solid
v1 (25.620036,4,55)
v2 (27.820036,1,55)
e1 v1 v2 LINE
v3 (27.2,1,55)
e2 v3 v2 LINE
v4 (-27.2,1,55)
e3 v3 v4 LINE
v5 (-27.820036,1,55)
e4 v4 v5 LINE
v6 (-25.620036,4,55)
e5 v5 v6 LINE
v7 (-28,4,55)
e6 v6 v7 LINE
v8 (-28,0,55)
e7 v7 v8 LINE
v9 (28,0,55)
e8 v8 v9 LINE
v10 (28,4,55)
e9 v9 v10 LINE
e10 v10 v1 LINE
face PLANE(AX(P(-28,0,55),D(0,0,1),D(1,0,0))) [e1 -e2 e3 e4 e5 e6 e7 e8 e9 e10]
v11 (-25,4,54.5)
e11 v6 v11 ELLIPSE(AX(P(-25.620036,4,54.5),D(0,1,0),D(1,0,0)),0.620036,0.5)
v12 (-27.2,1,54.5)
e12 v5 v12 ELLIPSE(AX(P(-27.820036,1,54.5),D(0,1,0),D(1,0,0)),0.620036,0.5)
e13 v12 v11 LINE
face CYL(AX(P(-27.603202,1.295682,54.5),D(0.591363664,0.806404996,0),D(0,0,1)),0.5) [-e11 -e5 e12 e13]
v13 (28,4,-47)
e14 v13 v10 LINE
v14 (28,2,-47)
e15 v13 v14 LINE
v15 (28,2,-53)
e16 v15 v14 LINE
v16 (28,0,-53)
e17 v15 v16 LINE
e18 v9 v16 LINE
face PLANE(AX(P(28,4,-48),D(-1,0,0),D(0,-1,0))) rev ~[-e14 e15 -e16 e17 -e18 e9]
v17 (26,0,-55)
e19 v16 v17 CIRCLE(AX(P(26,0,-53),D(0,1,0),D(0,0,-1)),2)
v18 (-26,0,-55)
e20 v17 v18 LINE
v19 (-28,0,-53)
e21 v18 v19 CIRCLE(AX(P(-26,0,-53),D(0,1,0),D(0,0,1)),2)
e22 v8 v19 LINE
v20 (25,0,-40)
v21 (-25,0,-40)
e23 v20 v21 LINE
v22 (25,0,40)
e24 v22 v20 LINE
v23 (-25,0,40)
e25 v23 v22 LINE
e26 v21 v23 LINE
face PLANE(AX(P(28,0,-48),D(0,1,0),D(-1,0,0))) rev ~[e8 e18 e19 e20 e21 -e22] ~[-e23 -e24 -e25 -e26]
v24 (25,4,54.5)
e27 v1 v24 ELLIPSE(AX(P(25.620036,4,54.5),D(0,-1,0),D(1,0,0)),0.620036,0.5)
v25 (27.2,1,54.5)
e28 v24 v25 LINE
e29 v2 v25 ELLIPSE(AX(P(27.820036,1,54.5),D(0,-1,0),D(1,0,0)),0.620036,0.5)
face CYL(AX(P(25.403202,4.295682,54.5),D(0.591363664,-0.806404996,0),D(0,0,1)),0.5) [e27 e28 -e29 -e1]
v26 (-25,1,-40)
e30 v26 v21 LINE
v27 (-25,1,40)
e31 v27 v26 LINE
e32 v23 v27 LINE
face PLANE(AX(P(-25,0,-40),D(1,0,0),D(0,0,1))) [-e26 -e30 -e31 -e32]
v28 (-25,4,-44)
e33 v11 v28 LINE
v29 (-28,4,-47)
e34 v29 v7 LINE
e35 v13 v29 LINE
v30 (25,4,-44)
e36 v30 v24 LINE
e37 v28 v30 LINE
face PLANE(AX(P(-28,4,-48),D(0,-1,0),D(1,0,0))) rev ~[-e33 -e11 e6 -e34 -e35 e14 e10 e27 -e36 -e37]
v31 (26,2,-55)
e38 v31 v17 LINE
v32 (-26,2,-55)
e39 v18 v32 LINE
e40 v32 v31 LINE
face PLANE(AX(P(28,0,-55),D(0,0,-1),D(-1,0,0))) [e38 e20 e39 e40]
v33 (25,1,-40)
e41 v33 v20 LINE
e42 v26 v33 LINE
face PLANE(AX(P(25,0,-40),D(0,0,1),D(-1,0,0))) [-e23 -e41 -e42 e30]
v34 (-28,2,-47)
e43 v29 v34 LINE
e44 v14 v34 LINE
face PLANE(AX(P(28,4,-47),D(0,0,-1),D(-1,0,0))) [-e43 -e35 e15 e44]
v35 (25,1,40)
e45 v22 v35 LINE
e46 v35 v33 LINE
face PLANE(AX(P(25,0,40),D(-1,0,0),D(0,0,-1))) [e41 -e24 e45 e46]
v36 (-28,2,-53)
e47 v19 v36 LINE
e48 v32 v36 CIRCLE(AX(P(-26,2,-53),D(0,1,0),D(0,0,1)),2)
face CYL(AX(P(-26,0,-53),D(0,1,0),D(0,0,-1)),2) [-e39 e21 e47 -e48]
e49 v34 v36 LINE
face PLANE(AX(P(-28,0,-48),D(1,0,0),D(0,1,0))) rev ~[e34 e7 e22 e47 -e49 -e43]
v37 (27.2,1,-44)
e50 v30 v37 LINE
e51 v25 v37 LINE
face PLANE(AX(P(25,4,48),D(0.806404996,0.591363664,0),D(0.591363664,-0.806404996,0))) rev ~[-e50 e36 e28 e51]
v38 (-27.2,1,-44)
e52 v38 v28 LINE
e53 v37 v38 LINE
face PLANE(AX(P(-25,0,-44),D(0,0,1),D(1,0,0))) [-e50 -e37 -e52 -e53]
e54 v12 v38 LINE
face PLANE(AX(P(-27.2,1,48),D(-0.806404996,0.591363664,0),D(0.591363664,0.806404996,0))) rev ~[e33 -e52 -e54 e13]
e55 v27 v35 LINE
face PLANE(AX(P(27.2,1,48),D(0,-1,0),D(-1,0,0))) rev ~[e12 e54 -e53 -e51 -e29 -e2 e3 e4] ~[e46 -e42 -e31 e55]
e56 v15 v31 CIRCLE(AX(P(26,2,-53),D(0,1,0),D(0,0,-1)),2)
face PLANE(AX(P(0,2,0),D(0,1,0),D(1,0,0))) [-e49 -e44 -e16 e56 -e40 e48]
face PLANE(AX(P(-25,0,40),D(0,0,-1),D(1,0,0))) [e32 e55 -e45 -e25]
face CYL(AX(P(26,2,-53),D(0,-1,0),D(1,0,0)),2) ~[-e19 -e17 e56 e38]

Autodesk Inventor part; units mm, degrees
ref_plane "YZ Plane" through (0, 0, 0) normal (1, 0, 0) x (0, 1, 0)
ref_plane "XZ Plane" through (0, 0, 0) normal (0, 1, 0) x (-1, 0, 0)
ref_plane "XY Plane" through (0, 0, 0) normal (0, 0, 1) x (1, 0, 0)
sketch "Эскиз1" plane through (0, 0, 0) normal (0, 1, 0) x (-1, 0, 0)
  line L0 (-25, -40) -> (25, -40)
  line L1 (25, -40) -> (25, 40)
  line L2 (25, 40) -> (-25, 40)
  line L3 (-25, 40) -> (-25, -40)
  line L4 (-25, -40) -> (25, 40) construction
  line L5 (25, -40) -> (-25, 40) construction
  line L6 (28, 43) -> (28, -43)
  line L7 (28, -43) -> (-28, -43)
  line L8 (-28, -43) -> (-28, 43)
  line L9 (-28, 43) -> (28, 43)
  line L10 (28, 43) -> (25, 43)
  line L11 (25, 43) -> (25, -43)
  line L12 (25, -43) -> (28, -43)
  line L13 (28, -43) -> (28, 43)
  line L14 (-28, 43) -> (-25, 43)
  line L15 (-25, 43) -> (-25, -43)
  line L16 (-25, -43) -> (-28, -43)
  line L17 (-28, -43) -> (-28, 43)
  point P0 (0, 0)
  point P1 (-25, 43)
  dimension "d0" = 50
  dimension "d1" = 80
  dimension "d2" = 3
extrude "Выдавливание1" add sketch "Эскиз1" along normal blind 1 contours L15 L7 L8 L9 L3 | L0 L11 L7 L15 | L1 L11 L9 L6 L7 | L15 L9 L11 L2
extrude "Выдавливание2" add sketch "Эскиз1" along normal blind 4 contours L15 L7 L8 L9 L3 | L0 L11 L7 L15 | L1 L11 L9 L6 L7
sketch "Эскиз2" plane through (-28, 0, 43) normal (0, 0, 1) x (1, 0, 0)
  line L0 (0, 0) -> (0, 4) projected
  line L1 (0, 1) -> (56, 1)
  line L2 (56, 0) -> (56, 4) projected
  line L3 (3, 0) -> (3, 4) projected
  line L4 (3, 4) -> (0.8, 1)
  line L5 (28, 0) -> (28, 4)
  line L6 (53, 4) -> (55.2, 1)
  line L7 (53, 0) -> (53, 4) projected
  line L8 (53, 4) -> (53, 1)
  point P0 (55.2, 1)
  point P1 (3, 1)
  dimension "d7" = 0.8
extrude "Выдавливание3" cut sketch "Эскиз2" against normal up to surface (83 mm away)
sketch "Эскиз3" plane through (-25, 0, -40) normal (0, 0, 1) x (1, 0, 0)
  line L0 (0, 0) -> (50, 0) projected
  line L1 (50, 0) -> (50, 1) projected
  line L2 (52.2, 1) -> (50, 1) projected
  line L3 (50, 4) -> (52.2, 1) projected
  line L4 (0, 4) -> (50, 4) projected
  line L5 (-2.2, 1) -> (0, 4) projected
  line L6 (0, 1) -> (-2.2, 1) projected
  line L7 (0, 0) -> (0, 1) projected
  line L8 (-2.2, 1) -> (52.2, 1) projected
  point P0 (25, 0)
extrude "Выдавливание4" cut sketch "Эскиз3" against normal blind 1 contours L6 L5 L4 L3 L2 L8
sketch "Эскиз4" plane through (28, 0, -43) normal (0, 0, -1) x (-1, 0, 0)
  line L0 (0, 0) -> (56, 0) projected
  line L1 (56, 0) -> (56, 4) projected
  line L2 (0, 4) -> (56, 4) projected
  line L3 (0, 0) -> (0, 4) projected
  point P0 (28, 0)
extrude "Выдавливание5" add sketch "Эскиз4" along normal blind 5
sketch "Эскиз5" plane through (-28, 0, 43) normal (0, 0, 1) x (1, 0, 0)
  line L0 (0.8, 1) -> (55.2, 1) projected
  line L1 (0.8, 1) -> (3, 4) projected
  line L2 (0, 4) -> (3, 4) projected
  line L3 (0, 0) -> (0, 4) projected
  line L4 (0, 0) -> (56, 0) projected
  line L5 (56, 0) -> (56, 4) projected
  line L6 (53, 4) -> (56, 4) projected
  line L7 (53, 4) -> (55.2, 1) projected
  point P0 (28, 0)
extrude "Выдавливание6" add sketch "Эскиз5" along normal blind 5
sketch "Эскиз6" plane through (-25, 0, -41) normal (0, 0, 1) x (1, 0, 0)
  line L0 (0, 4) -> (50, 4) projected
  line L1 (-2.2, 1) -> (0, 4) projected
  line L2 (52.2, 1) -> (-2.2, 1) projected
  line L3 (50, 4) -> (52.2, 1) projected
  point P0 (25, 0)
extrude "Выдавливание7" cut sketch "Эскиз6" against normal blind 3
sketch "Эскиз7" plane through (-28, 0, 48) normal (0, 0, 1) x (1, 0, 0)
  line L0 (56, 0) -> (56, 4) projected
  line L1 (56, 4) -> (53, 4) projected
  line L2 (53, 4) -> (55.2, 1) projected
  line L3 (55.2, 1) -> (0.8, 1) projected
  line L4 (0.8, 1) -> (3, 4) projected
  line L5 (3, 4) -> (0, 4) projected
  line L6 (0, 4) -> (0, 0) projected
  line L7 (0, 0) -> (56, 0) projected
  point P0 (28, 0)
extrude "Выдавливание8" add sketch "Эскиз7" along normal blind 7
sketch "Эскиз8" plane through (28, 0, -48) normal (0, 0, -1) x (-1, 0, 0)
  line L0 (0, 0) -> (56, 0) projected
  line L1 (56, 0) -> (56, 4) projected
  line L2 (56, 4) -> (0, 4) projected
  line L3 (0, 4) -> (0, 0) projected
  point P0 (28, 0)
extrude "Выдавливание9" add sketch "Эскиз8" along normal blind 7
sketch "Эскиз9" plane through (0, 4, 0) normal (0, 1, 0) x (1, 0, 0)
  line L0 (-28, -55) -> (-28, 55) projected
  line L1 (28, 55) -> (28, -55) projected
  line L2 (-28, 55) -> (28, 55)
  line L3 (28, 55) -> (28, 44)
  line L4 (28, 44) -> (-28, 44)
  line L5 (-28, 44) -> (-28, 55)
  line L6 (-28, 44) -> (28, 44)
  line L7 (28, 44) -> (28, 47)
  line L8 (28, 47) -> (-28, 47)
  line L9 (-28, 47) -> (-28, 44)
  point P0 (0, 0)
  point P1 (25, 44)
  dimension "d23" = 56
  dimension "d24" = 3
extrude "Выдавливание10" cut sketch "Эскиз9" against normal blind 2 contours L0 L2 L1 L8
fillet "Сопряжение2" radius 2 2 edges at (28, 1, -55) (-28, 1, -55)
fillet "Сопряжение3" radius 0.5 2 edges at (26.1, 2.5, 55) (-26.1, 2.5, 55)
properties part number "cover"
